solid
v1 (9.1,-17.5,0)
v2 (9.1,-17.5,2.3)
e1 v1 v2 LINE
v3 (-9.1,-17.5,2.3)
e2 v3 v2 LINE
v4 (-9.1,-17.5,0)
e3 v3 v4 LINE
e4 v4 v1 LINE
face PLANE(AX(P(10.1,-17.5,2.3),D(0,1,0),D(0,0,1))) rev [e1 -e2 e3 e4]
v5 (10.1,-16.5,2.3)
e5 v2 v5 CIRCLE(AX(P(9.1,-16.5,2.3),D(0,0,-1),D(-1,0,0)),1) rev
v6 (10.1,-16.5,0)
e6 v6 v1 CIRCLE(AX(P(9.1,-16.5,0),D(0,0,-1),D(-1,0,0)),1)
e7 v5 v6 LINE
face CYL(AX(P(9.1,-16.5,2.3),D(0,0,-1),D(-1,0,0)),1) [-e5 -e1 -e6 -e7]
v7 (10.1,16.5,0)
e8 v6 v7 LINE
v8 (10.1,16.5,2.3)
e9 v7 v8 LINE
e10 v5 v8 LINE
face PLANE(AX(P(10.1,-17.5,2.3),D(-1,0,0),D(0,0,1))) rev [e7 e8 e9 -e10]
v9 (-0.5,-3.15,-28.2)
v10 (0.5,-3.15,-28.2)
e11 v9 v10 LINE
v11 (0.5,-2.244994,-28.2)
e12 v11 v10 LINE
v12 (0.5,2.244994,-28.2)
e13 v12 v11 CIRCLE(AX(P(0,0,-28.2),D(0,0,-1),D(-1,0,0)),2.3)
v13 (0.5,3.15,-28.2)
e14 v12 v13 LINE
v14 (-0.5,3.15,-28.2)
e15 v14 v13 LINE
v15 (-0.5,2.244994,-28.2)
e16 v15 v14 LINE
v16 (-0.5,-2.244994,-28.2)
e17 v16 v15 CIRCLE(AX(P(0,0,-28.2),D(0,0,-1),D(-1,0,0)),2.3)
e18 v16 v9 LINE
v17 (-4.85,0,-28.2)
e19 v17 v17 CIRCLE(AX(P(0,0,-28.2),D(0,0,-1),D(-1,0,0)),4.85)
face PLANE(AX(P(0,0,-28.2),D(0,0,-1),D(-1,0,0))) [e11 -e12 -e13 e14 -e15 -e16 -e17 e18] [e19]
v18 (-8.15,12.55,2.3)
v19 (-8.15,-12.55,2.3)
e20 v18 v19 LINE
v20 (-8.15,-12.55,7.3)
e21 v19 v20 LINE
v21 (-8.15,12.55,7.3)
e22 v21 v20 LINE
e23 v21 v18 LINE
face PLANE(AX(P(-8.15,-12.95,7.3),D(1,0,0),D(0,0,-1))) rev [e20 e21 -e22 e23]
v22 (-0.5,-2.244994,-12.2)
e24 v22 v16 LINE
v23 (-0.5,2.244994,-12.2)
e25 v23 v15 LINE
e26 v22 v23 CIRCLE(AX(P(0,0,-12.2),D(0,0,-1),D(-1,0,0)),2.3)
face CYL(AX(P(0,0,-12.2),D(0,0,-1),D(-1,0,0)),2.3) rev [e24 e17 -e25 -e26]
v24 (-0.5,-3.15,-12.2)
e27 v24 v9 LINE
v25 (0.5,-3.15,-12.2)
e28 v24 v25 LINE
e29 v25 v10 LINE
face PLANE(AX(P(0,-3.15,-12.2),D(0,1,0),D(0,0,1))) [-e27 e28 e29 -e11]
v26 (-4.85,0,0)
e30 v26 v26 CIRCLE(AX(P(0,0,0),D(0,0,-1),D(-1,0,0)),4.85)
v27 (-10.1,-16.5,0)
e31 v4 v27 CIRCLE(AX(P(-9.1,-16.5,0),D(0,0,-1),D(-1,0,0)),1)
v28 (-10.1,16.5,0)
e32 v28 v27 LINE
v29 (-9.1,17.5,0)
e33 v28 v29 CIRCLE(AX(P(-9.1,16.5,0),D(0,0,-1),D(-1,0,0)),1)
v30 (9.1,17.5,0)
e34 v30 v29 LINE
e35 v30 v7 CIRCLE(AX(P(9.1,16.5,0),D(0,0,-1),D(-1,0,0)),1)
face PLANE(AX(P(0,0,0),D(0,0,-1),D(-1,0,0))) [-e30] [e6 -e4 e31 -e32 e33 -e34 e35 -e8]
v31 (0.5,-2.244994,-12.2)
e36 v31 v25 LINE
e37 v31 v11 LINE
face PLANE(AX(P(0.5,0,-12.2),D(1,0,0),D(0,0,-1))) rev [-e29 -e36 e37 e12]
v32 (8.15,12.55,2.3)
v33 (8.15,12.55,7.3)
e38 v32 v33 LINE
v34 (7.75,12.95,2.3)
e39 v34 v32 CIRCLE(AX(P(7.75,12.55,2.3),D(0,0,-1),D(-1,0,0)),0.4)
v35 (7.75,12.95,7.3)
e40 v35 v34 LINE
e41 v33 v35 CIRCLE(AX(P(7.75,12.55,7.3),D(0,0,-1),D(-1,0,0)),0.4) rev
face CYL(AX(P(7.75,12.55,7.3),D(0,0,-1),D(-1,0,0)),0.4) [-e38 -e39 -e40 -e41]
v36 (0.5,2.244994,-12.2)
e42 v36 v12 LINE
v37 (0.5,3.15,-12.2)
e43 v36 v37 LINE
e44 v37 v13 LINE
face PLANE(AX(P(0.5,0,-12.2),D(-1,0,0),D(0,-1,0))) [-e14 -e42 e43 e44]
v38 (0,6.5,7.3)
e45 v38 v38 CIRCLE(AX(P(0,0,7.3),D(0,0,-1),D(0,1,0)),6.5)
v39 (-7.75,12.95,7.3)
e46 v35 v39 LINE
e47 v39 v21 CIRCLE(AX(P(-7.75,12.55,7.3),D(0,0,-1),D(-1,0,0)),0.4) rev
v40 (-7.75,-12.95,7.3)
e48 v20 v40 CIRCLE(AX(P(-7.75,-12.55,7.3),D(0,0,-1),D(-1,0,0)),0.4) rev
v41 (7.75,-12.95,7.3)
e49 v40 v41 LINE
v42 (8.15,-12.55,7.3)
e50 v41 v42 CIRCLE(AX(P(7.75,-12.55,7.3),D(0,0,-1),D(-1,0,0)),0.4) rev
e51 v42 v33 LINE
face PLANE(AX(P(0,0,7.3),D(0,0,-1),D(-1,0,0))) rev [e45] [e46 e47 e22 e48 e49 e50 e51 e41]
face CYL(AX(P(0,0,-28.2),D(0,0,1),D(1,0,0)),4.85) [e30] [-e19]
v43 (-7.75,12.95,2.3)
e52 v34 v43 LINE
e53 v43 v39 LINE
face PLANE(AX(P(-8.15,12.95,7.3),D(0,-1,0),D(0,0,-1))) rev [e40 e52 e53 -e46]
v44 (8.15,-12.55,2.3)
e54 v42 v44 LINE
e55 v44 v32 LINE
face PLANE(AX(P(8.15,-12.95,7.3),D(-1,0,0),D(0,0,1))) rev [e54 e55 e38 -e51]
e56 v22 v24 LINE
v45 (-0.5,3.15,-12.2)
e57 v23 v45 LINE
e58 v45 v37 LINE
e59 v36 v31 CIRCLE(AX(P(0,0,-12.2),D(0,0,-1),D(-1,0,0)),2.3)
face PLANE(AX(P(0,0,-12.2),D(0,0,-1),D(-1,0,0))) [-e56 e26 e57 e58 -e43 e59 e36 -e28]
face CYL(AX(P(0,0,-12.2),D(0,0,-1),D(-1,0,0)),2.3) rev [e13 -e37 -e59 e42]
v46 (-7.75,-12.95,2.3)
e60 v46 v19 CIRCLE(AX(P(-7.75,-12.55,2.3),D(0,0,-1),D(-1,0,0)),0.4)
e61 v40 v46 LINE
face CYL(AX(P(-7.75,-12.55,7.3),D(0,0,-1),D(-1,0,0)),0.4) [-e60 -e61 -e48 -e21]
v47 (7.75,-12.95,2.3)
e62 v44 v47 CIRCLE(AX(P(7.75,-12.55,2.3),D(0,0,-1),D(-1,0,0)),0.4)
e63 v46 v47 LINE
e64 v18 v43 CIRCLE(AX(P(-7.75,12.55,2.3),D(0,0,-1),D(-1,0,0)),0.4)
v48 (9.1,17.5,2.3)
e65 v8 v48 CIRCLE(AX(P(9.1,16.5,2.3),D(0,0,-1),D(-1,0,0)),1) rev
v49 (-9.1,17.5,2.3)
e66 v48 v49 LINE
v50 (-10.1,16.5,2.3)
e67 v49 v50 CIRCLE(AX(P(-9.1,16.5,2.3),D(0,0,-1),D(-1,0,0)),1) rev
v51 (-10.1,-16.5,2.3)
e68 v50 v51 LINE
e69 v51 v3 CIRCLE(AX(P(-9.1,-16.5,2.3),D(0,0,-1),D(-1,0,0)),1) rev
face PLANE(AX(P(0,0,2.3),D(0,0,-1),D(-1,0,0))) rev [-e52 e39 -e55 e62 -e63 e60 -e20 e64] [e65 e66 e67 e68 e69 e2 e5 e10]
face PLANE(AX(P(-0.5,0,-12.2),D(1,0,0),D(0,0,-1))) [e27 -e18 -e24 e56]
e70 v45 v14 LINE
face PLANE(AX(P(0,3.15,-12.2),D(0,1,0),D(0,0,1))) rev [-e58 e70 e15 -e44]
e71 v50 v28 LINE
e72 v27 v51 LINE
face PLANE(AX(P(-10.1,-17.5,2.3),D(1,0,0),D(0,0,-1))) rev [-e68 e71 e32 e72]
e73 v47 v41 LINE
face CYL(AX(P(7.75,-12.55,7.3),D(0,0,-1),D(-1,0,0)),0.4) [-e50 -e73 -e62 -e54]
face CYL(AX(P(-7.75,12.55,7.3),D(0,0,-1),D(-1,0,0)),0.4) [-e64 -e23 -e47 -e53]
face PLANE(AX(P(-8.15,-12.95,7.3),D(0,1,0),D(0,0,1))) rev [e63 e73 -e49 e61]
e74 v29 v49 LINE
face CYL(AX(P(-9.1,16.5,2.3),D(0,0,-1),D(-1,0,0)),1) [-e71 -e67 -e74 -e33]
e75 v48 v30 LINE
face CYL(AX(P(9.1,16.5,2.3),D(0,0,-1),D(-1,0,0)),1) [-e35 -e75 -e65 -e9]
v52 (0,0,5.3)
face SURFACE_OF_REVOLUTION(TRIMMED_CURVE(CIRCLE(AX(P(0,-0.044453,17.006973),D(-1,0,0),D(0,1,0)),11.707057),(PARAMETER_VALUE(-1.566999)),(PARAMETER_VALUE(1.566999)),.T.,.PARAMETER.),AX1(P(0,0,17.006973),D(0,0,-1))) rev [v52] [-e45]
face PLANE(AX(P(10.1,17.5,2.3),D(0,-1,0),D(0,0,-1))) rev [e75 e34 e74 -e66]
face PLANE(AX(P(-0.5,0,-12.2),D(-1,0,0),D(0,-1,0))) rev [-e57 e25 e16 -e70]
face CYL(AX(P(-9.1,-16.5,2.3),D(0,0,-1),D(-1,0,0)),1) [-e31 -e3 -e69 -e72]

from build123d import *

# Parameters (mm, degrees)
SKETCH1_W           = 35
SKETCH1_H           = 20.2
BOSS_EXTRUDE1_DEPTH = 2.3
SKETCH2_W           = 16.3
SKETCH2_H           = 25.9
BOSS_EXTRUDE2_DEPTH = 5
FILLET2_R           = 1
FILLET3_R           = 0.4
SKETCH5_R           = 4.85
BOSS_EXTRUDE3_DEPTH = 28.2
CUT_EXTRUDE3_DEPTH  = 16


with BuildPart() as part:
    # Sketch1 → Boss-Extrude1 (new body)
    with BuildSketch(Plane(origin=(0, 0, 0), x_dir=(0, 1, 0), z_dir=(0, 0, 1))):
        Rectangle(SKETCH1_W, SKETCH1_H)
    extrude(amount=BOSS_EXTRUDE1_DEPTH)

    # Sketch2 → Boss-Extrude2 (add)
    with BuildSketch(Plane.XY.offset(2.3)):
        Rectangle(SKETCH2_W, SKETCH2_H)
    extrude(amount=BOSS_EXTRUDE2_DEPTH)

    # Sketch4 → Cut-Revolve1 (revolve, cut)
    with BuildSketch(Plane.YZ):
        with BuildLine():
            Line((0, 7.3), (-6.5, 7.3))
            ThreePointArc((-6.5, 7.3), (-3.398426688, 5.817613265), (0, 5.3))
            Line((0, 5.3), (0, 7.3))
        make_face()
    revolve(axis=Axis((0, 0, 0), (0, 0, 1)), mode=Mode.SUBTRACT)

    # Fillet2
    fillet2_edges = [part.edges().sort_by_distance(p)[0] for p in [
        (10.1, 17.5, 1.15),
        (10.1, -17.5, 1.15),
        (-10.1, -17.5, 1.15),
        (-10.1, 17.5, 1.15),
    ]]
    fillet(fillet2_edges, radius=FILLET2_R)

    # Fillet3
    fillet3_edges = [part.edges().sort_by_distance(p)[0] for p in [
        (8.15, -12.95, 4.8),
        (8.15, 12.95, 4.8),
        (-8.15, 12.95, 4.8),
        (-8.15, -12.95, 4.8),
    ]]
    fillet(fillet3_edges, radius=FILLET3_R)

    # Sketch5 → Boss-Extrude3 (add)
    with BuildSketch(Plane(origin=(0, 0, 0), x_dir=(1, 0, 0), z_dir=(0, 0, -1))):
        Circle(SKETCH5_R)
    extrude(amount=BOSS_EXTRUDE3_DEPTH)

    # Sketch6 → Cut-Extrude3 (cut)
    with BuildSketch(Plane(origin=(0, 0, -28.2), x_dir=(1, 0, 0), z_dir=(0, 0, -1))):
        with BuildLine():
            Line((-0.5, 3.15), (-0.5, 2.244994432))
            ThreePointArc((-0.5, 2.244994432), (0, 2.3), (0.5, 2.244994432))
            Line((0.5, 2.244994432), (0.5, 3.15))
            Line((0.5, 3.15), (-0.5, 3.15))
        make_face()
        with BuildLine():
            Line((0.5, 1.45), (-0.5, 1.45))
            Line((-0.5, 1.45), (-0.5, 2.244994432))
            ThreePointArc((-0.5, 2.244994432), (-2.3, 0), (-0.5, -2.244994432))
            Line((-0.5, -2.244994432), (-0.5, -1.45))
            Line((-0.5, -1.45), (0.5, -1.45))
            Line((0.5, -1.45), (0.5, -2.244994432))
            ThreePointArc((0.5, -2.244994432), (1.794435844, -1.438749457), (2.3, 0))
            ThreePointArc((2.3, 0), (1.794435844, 1.438749457), (0.5, 2.244994432))
            Line((0.5, 2.244994432), (0.5, 1.45))
        make_face()
        with BuildLine():
            ThreePointArc((0.5, -2.244994432), (0, -2.3), (-0.5, -2.244994432))
            Line((-0.5, -2.244994432), (-0.5, -3.15))
            Line((-0.5, -3.15), (0.5, -3.15))
            Line((0.5, -3.15), (0.5, -2.244994432))
        make_face()
        with BuildLine():
            Line((-0.5, 2.244994432), (-0.5, 1.45))
            Line((-0.5, 1.45), (0.5, 1.45))
            Line((0.5, 1.45), (0.5, 2.244994432))
            ThreePointArc((0.5, 2.244994432), (0, 2.3), (-0.5, 2.244994432))
        make_face()
        with BuildLine():
            Line((-0.5, -1.45), (-0.5, -2.244994432))
            ThreePointArc((-0.5, -2.244994432), (0, -2.3), (0.5, -2.244994432))
            Line((0.5, -2.244994432), (0.5, -1.45))
            Line((0.5, -1.45), (-0.5, -1.45))
        make_face()
    extrude(amount=-CUT_EXTRUDE3_DEPTH, mode=Mode.SUBTRACT)


solid = part.part
